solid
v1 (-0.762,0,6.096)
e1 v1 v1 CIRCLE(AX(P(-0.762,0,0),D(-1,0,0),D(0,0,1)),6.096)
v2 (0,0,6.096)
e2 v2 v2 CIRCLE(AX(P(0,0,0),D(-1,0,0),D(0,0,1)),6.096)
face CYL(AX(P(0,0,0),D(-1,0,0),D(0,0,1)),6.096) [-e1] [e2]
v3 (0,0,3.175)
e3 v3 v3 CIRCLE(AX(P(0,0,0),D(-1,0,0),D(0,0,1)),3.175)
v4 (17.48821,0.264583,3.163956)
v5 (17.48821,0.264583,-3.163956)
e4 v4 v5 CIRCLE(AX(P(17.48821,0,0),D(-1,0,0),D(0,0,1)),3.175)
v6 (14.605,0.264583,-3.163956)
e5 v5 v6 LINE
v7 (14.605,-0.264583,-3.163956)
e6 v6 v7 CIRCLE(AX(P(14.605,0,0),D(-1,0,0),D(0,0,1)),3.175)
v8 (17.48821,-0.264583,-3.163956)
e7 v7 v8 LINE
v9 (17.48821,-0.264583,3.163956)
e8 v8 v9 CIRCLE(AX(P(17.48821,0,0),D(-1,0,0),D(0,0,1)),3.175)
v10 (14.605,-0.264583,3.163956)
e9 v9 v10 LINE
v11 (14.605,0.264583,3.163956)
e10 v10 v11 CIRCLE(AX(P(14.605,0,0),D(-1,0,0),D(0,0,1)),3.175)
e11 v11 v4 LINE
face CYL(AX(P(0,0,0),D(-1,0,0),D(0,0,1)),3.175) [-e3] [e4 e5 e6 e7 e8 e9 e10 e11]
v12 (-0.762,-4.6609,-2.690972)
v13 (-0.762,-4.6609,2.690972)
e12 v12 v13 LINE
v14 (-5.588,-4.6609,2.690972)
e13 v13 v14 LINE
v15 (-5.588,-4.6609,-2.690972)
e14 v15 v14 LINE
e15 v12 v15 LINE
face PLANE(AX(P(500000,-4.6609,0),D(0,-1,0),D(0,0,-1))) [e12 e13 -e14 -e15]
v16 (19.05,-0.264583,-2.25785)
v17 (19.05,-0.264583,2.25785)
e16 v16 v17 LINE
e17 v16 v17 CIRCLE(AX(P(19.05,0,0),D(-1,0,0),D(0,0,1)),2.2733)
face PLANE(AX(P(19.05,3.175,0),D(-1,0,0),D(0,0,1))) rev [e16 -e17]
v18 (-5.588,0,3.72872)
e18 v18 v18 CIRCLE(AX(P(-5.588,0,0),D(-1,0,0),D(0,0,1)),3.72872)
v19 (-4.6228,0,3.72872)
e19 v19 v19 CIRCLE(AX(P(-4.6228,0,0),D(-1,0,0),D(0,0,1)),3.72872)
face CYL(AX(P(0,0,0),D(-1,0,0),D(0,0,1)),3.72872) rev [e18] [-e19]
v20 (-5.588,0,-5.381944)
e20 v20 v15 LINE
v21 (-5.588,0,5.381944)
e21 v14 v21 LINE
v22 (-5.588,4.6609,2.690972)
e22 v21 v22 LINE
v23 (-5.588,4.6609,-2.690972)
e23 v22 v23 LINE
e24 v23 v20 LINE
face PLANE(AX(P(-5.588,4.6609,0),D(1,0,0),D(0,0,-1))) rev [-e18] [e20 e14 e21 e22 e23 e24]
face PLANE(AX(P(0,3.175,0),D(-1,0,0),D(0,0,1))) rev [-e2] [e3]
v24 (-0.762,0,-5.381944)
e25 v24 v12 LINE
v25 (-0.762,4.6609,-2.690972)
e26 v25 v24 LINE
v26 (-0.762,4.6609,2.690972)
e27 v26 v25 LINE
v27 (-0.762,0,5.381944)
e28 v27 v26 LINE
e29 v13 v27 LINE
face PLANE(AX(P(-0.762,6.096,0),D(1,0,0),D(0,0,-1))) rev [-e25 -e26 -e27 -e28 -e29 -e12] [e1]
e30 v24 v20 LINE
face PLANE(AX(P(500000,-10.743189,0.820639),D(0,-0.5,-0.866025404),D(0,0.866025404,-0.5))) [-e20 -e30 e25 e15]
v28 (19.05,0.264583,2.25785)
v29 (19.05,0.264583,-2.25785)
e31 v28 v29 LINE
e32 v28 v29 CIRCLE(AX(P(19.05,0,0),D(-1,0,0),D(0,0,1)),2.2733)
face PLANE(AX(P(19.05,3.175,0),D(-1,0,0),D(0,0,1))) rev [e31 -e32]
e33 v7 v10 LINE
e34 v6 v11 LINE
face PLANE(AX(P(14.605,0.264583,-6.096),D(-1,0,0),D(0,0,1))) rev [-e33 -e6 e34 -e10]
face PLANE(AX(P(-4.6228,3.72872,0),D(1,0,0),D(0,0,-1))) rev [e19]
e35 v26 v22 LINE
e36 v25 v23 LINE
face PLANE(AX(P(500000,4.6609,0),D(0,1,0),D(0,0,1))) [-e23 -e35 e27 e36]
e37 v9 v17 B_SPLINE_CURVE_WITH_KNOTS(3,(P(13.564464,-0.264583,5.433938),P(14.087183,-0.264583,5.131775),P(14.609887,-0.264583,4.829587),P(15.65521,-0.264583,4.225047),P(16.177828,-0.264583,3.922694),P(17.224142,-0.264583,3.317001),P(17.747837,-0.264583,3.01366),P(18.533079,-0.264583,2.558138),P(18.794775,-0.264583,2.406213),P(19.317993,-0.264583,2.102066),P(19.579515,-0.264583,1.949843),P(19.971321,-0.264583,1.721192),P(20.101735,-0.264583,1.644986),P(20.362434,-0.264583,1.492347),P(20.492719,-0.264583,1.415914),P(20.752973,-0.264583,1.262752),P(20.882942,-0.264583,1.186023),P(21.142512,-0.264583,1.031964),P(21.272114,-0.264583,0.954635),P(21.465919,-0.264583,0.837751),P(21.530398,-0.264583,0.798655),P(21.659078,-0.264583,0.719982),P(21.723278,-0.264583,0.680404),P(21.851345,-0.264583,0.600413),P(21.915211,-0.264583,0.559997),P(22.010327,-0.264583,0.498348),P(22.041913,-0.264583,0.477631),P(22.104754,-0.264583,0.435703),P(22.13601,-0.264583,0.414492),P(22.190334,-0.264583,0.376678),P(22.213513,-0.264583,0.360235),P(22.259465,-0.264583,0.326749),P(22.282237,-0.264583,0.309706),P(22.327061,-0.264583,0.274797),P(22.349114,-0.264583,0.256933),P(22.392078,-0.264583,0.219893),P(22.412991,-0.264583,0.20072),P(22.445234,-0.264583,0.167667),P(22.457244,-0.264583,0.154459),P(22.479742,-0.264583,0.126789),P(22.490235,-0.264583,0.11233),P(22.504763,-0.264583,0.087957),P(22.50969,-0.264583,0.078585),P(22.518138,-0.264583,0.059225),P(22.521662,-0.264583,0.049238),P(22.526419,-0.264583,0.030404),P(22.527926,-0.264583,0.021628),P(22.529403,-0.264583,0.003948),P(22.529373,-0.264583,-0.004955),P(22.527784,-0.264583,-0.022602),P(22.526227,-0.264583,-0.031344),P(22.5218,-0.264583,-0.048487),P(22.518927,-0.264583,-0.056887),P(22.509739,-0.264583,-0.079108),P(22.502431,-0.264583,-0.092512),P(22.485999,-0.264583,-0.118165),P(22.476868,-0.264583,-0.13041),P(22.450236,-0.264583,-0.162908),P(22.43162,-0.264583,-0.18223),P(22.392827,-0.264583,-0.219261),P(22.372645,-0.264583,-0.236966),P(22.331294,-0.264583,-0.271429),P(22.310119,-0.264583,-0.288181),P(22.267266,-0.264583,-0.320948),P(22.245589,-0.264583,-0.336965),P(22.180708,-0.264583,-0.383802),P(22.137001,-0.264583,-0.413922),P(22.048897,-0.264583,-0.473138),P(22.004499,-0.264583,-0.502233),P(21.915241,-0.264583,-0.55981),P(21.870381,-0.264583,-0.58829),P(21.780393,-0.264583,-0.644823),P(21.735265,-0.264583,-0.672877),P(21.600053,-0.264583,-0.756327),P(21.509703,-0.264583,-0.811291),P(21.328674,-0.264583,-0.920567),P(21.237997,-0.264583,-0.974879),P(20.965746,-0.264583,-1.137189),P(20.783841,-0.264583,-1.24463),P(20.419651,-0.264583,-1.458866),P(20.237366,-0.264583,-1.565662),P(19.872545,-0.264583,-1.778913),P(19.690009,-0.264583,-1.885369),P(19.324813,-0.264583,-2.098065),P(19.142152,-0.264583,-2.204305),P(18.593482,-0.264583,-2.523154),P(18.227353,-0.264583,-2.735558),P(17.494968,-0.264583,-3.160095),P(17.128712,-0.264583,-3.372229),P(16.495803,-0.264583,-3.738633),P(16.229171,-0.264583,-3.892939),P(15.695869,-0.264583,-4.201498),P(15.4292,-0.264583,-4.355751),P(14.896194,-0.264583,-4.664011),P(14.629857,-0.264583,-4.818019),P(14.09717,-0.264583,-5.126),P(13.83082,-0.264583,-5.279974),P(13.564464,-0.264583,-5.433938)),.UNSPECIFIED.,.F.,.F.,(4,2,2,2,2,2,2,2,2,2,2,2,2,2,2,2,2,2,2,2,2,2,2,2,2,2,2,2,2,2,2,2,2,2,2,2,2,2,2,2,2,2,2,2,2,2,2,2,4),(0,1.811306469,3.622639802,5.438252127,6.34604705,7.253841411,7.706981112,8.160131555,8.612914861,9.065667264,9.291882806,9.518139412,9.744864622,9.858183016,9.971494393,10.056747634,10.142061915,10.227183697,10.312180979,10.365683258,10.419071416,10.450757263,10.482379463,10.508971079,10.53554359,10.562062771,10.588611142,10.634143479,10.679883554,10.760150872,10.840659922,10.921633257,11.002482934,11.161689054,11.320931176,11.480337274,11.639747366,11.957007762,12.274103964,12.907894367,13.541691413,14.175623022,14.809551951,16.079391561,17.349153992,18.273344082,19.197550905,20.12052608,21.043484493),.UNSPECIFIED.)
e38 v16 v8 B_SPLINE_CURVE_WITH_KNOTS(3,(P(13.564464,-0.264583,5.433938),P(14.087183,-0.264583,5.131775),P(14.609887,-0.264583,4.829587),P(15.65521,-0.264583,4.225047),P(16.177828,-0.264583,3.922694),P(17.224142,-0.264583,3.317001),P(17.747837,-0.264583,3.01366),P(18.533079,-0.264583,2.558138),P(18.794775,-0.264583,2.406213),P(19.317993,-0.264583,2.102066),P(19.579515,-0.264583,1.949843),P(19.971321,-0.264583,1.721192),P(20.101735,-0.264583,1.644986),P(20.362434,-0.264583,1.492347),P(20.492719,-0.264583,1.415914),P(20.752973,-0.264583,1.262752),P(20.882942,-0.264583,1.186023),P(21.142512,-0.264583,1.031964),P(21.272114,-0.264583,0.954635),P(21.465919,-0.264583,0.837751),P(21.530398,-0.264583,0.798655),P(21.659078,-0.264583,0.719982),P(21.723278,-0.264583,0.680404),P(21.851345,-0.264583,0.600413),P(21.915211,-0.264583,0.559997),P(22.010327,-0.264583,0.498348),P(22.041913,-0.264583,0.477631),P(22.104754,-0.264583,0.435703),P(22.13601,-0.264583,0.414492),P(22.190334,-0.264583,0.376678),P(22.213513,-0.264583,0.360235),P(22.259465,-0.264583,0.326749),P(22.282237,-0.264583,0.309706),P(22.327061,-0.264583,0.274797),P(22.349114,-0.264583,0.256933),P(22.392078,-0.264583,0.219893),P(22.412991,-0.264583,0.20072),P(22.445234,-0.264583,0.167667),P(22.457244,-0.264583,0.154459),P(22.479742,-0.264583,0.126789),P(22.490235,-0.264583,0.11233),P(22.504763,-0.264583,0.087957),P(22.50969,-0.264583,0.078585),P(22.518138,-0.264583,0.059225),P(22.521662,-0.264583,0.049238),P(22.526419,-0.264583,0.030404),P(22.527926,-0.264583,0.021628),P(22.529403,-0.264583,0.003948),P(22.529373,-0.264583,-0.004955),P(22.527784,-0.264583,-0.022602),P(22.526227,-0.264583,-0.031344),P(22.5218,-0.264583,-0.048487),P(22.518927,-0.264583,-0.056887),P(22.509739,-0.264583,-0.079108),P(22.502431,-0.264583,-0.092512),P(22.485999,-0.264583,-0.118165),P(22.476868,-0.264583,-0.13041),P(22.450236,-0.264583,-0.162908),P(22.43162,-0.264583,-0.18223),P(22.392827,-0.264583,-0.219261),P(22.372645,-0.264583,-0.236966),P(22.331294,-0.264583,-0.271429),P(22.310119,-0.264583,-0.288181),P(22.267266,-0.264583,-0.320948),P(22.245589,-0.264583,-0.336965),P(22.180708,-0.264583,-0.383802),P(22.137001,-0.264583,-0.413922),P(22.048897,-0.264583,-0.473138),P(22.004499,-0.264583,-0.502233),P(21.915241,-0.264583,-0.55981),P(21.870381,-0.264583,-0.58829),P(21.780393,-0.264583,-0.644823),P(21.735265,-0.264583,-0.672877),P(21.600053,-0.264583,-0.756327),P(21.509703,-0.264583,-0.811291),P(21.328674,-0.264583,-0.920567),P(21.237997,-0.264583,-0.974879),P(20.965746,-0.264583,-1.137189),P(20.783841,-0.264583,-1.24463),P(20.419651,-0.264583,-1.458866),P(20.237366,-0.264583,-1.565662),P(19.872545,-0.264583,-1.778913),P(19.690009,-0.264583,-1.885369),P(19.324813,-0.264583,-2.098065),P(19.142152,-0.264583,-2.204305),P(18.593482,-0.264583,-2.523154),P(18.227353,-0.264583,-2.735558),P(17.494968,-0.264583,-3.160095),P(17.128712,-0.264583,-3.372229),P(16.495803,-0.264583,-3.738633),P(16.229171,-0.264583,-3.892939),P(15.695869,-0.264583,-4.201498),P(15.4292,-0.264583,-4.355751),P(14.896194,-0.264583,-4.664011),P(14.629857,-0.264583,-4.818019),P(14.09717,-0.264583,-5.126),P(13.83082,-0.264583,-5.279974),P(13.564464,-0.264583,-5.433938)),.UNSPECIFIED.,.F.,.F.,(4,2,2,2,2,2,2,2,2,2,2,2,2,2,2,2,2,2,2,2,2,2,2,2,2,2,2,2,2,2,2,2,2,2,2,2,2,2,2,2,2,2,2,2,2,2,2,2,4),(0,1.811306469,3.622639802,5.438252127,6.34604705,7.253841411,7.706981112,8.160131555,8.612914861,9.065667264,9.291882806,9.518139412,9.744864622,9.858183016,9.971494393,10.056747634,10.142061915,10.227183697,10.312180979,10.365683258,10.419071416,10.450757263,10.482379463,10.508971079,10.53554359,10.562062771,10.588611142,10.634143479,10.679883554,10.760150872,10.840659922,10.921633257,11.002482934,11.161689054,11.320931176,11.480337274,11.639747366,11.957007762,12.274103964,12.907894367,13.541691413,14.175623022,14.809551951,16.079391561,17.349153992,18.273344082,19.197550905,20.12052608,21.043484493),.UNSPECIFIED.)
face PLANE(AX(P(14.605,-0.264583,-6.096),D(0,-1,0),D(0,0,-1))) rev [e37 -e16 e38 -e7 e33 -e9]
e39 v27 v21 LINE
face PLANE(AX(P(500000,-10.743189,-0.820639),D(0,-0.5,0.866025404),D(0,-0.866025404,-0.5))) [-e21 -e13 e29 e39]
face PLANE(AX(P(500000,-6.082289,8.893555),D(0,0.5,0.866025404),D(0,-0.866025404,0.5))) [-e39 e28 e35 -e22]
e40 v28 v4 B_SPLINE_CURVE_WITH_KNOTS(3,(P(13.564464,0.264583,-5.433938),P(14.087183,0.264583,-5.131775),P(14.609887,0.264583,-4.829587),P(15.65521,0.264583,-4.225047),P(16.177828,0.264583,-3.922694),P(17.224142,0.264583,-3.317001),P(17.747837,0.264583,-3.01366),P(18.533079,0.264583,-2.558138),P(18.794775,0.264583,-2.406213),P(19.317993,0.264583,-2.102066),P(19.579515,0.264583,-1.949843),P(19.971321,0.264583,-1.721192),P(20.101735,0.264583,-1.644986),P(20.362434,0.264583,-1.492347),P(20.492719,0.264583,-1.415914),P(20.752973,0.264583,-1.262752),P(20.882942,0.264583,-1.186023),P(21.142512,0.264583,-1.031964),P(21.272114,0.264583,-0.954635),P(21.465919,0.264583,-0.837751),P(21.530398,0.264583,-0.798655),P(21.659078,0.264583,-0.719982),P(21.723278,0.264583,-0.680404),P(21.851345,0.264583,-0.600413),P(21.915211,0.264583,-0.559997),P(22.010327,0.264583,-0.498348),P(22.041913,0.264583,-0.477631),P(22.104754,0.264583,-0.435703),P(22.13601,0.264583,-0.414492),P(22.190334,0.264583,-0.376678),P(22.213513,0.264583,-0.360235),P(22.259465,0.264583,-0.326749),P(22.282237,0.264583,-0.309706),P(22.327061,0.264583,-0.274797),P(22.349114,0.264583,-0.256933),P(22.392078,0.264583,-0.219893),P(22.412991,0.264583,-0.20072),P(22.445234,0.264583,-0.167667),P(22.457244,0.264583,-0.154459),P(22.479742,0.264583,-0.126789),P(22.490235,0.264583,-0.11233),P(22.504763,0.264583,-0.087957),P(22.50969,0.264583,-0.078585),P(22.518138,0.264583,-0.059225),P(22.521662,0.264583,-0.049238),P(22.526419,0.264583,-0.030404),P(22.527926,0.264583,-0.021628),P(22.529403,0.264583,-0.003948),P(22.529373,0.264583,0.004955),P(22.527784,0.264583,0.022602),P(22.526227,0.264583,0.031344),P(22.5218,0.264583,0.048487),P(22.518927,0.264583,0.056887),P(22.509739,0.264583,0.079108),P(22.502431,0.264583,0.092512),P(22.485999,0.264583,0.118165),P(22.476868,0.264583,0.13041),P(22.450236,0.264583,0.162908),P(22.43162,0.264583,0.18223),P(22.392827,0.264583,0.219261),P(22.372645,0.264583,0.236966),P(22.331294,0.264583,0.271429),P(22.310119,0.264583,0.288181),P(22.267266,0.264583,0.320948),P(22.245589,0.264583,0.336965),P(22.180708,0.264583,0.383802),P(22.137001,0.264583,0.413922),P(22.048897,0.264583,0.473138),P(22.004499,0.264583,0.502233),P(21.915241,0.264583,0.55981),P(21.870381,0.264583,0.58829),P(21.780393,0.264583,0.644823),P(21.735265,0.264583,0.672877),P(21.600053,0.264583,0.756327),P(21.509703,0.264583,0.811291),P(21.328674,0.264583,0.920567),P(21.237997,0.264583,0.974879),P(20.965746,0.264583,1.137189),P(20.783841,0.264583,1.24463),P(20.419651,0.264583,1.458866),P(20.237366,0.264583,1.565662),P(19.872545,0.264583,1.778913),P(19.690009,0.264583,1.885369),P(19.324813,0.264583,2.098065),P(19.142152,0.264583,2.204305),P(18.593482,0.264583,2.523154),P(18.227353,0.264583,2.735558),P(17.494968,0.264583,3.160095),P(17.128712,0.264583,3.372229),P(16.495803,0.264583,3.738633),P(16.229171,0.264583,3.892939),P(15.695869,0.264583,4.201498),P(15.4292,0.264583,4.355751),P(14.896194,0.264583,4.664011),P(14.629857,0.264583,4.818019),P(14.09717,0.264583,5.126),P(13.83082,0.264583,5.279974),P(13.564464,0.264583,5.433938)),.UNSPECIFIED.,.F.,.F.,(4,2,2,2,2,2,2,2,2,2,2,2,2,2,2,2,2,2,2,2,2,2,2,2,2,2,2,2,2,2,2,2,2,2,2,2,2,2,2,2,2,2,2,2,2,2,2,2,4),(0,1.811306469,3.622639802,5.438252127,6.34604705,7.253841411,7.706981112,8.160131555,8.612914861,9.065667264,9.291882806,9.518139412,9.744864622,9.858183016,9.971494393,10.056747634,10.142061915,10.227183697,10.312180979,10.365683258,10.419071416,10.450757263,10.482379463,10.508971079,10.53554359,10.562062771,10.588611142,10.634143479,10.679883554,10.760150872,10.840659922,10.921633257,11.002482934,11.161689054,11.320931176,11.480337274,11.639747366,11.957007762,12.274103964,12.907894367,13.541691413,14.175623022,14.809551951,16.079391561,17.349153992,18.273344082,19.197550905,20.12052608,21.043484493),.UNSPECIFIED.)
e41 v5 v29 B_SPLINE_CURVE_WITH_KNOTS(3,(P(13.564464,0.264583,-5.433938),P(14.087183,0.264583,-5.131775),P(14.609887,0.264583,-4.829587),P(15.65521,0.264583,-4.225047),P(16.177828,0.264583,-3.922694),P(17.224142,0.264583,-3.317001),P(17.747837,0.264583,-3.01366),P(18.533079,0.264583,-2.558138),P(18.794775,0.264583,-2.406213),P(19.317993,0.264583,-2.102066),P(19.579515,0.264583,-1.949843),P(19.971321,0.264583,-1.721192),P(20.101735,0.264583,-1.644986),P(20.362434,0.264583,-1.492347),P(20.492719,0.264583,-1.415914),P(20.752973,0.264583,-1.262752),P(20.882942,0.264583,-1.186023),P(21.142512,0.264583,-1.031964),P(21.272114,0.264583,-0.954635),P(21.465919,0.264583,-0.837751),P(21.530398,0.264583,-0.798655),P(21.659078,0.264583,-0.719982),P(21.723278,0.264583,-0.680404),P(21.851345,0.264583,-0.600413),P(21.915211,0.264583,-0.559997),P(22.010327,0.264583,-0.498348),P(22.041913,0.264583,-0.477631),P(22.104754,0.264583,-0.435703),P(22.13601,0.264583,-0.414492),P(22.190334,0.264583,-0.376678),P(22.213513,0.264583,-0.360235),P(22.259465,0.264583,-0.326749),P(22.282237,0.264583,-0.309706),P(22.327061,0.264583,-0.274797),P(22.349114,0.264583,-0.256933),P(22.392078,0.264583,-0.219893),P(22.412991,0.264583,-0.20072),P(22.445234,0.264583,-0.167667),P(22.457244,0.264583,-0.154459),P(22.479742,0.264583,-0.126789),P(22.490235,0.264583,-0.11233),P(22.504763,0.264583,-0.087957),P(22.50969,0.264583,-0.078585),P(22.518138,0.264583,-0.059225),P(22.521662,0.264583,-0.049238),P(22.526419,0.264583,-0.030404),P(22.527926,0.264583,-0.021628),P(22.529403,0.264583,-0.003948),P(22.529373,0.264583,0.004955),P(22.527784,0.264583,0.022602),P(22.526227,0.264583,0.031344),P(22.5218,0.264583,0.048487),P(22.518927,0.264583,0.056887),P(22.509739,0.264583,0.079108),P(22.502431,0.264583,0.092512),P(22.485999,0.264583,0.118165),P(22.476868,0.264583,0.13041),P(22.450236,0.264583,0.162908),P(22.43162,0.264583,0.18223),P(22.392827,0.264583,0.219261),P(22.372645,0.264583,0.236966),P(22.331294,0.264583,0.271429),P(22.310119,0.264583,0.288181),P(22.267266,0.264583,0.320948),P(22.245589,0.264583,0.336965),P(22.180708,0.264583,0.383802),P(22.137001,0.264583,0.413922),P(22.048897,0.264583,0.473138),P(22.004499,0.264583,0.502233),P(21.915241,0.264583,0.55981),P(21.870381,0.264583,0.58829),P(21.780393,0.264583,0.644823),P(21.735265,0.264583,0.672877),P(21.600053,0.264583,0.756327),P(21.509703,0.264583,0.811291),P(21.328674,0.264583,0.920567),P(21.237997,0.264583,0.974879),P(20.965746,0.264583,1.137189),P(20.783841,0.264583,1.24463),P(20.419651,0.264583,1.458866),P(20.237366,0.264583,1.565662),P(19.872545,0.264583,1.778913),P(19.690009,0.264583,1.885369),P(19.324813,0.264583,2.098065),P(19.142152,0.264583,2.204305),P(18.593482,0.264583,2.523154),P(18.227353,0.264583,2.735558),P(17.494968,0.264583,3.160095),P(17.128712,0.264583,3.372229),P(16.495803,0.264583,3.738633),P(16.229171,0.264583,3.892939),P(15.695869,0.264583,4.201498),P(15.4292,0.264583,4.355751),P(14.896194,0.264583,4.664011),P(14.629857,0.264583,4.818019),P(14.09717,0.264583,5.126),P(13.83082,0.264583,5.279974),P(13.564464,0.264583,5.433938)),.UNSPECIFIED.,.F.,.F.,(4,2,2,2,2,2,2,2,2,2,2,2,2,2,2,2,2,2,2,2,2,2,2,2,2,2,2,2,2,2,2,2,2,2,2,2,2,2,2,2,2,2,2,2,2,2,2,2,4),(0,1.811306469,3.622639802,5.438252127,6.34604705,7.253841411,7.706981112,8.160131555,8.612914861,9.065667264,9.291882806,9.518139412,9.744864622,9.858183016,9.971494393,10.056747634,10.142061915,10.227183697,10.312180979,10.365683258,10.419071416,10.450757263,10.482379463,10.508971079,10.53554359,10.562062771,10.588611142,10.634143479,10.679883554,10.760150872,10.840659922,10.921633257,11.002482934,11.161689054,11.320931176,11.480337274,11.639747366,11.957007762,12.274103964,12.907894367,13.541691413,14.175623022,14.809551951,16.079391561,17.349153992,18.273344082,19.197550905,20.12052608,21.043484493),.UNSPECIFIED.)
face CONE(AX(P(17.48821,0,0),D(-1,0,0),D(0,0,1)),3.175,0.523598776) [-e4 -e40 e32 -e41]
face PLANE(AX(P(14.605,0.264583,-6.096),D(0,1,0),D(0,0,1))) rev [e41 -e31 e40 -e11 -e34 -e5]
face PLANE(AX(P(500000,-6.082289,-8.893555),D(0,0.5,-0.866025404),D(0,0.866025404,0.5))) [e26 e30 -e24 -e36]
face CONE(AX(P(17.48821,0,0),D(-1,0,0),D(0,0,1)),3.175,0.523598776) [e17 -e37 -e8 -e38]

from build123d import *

# Parameters (mm, degrees)
EXTRUDE1_REACH                 = 26.638
SKETCH13_W                     = 4.445
SKETCH13_H                     = 0.529166666
POINT_CUT_EXTRUDE10_DEPTH      = 7.096
POINT_CUT_EXTRUDE10_DEPTH_BACK = 7.096


with BuildPart() as part:
    # Sketch1 → base-Revolve (revolve)
    with BuildSketch(Plane.XY):
        Polygon((0, 6.096), (-0.762, 6.096), (-0.762, 4.6609), (-5.588, 4.6609), (-5.588, 3.72872), (-4.6228, 3.72872), (-4.6228, 0), (0, 0), (19.05, 0), (19.05, 3.175), (0, 3.175), align=None)
    revolve(axis=Axis((0, 0, 0), (1, 0, 0)))

    # Sketch15 → Extrude1 (add, up to next)
    with BuildSketch(Plane.ZY.offset(5.588), mode=Mode.PRIVATE) as extrude1_sk1:
        with BuildLine():
            ThreePointArc((-4.036457824, -2.330449967), (-4.6609, 3.6e-08), (-4.036457787, 2.33045003))
            Line((-4.036457787, 2.33045003), (-5.381943739, 0))
            Line((-5.381943739, 0), (-4.036457824, -2.330449967))
        make_face()
    extrude1_tool1 = extrude(extrude1_sk1.sketch, amount=-EXTRUDE1_REACH, mode=Mode.PRIVATE) - part.part
    add(extrude1_tool1.solids().sort_by_distance((-5.588, 0, -4.817334))[0])
    # Sketch15 → Extrude1 (add, up to next)
    with BuildSketch(Plane.ZY.offset(5.588), mode=Mode.PRIVATE) as extrude1_sk2:
        with BuildLine():
            ThreePointArc((-4.036457787, 2.33045003), (-2.330449985, 4.036457813), (0, 4.6609))
            Line((0, 4.6609), (-2.69097187, 4.6609))
            Line((-2.69097187, 4.6609), (-4.036457787, 2.33045003))
        make_face()
    extrude1_tool2 = extrude(extrude1_sk2.sketch, amount=-EXTRUDE1_REACH, mode=Mode.PRIVATE) - part.part
    add(extrude1_tool2.solids().sort_by_distance((-5.588, 4.171933, -2.408667))[0])
    # Sketch15 → Extrude1 (add, up to next)
    with BuildSketch(Plane.ZY.offset(5.588), mode=Mode.PRIVATE) as extrude1_sk3:
        with BuildLine():
            ThreePointArc((0, 4.6609), (2.330450001, 4.036457804), (4.036457805, 2.330449998))
            Line((4.036457805, 2.330449998), (2.69097187, 4.6609))
            Line((2.69097187, 4.6609), (0, 4.6609))
        make_face()
    extrude1_tool3 = extrude(extrude1_sk3.sketch, amount=-EXTRUDE1_REACH, mode=Mode.PRIVATE) - part.part
    add(extrude1_tool3.solids().sort_by_distance((-5.588, 4.171933, 2.408667))[0])
    # Sketch15 → Extrude1 (add, up to next)
    with BuildSketch(Plane.ZY.offset(5.588), mode=Mode.PRIVATE) as extrude1_sk4:
        with BuildLine():
            Line((4.036457776, -2.330450049), (5.381943739, 0))
            Line((5.381943739, 0), (4.036457805, 2.330449998))
            ThreePointArc((4.036457805, 2.330449998), (4.502083684, 1.206329686), (4.6609, 0))
            ThreePointArc((4.6609, 0), (4.502083676, -1.206329715), (4.036457776, -2.330450049))
        make_face()
    extrude1_tool4 = extrude(extrude1_sk4.sketch, amount=-EXTRUDE1_REACH, mode=Mode.PRIVATE) - part.part
    add(extrude1_tool4.solids().sort_by_distance((-5.588, 0, 4.817334))[0])
    # Sketch15 → Extrude1 (add, up to next)
    with BuildSketch(Plane.ZY.offset(5.588), mode=Mode.PRIVATE) as extrude1_sk5:
        with BuildLine():
            Line((2.69097187, -4.6609), (4.036457776, -2.330450049))
            ThreePointArc((4.036457776, -2.330450049), (2.330449975, -4.036457819), (0, -4.6609))
            Line((0, -4.6609), (2.69097187, -4.6609))
        make_face()
    extrude1_tool5 = extrude(extrude1_sk5.sketch, amount=-EXTRUDE1_REACH, mode=Mode.PRIVATE) - part.part
    add(extrude1_tool5.solids().sort_by_distance((-5.588, -4.171933, 2.408667))[0])
    # Sketch15 → Extrude1 (add, up to next)
    with BuildSketch(Plane.ZY.offset(5.588), mode=Mode.PRIVATE) as extrude1_sk6:
        with BuildLine():
            Line((-2.69097187, -4.6609), (0, -4.6609))
            ThreePointArc((0, -4.6609), (-2.330450017, -4.036457795), (-4.036457824, -2.330449967))
            Line((-4.036457824, -2.330449967), (-2.69097187, -4.6609))
        make_face()
    extrude1_tool6 = extrude(extrude1_sk6.sketch, amount=-EXTRUDE1_REACH, mode=Mode.PRIVATE) - part.part
    add(extrude1_tool6.solids().sort_by_distance((-5.588, -4.171933, -2.408667))[0])

    # Sketch8 → point_Cut-Revolve1 (revolve, cut)
    with BuildSketch(Plane.XY):
        Polygon((19.05, 0), (19.558, 0), (19.558, 3.683), (17.488209787, 3.683), (17.488209787, 3.175), (19.05, 2.2733), align=None)
    revolve(axis=Axis((0, 0, 0), (1, 0, 0)), mode=Mode.SUBTRACT)

    # Sketch13 → point_Cut-Extrude10 (cut, two sides)
    with BuildSketch(Plane.XY) as point_cut_extrude10_sk:
        with Locations((16.8275, 0)):
            Rectangle(SKETCH13_W, SKETCH13_H)
    extrude(amount=POINT_CUT_EXTRUDE10_DEPTH, mode=Mode.SUBTRACT)
    extrude(point_cut_extrude10_sk.sketch, amount=-POINT_CUT_EXTRUDE10_DEPTH_BACK, mode=Mode.SUBTRACT)


solid = part.part
